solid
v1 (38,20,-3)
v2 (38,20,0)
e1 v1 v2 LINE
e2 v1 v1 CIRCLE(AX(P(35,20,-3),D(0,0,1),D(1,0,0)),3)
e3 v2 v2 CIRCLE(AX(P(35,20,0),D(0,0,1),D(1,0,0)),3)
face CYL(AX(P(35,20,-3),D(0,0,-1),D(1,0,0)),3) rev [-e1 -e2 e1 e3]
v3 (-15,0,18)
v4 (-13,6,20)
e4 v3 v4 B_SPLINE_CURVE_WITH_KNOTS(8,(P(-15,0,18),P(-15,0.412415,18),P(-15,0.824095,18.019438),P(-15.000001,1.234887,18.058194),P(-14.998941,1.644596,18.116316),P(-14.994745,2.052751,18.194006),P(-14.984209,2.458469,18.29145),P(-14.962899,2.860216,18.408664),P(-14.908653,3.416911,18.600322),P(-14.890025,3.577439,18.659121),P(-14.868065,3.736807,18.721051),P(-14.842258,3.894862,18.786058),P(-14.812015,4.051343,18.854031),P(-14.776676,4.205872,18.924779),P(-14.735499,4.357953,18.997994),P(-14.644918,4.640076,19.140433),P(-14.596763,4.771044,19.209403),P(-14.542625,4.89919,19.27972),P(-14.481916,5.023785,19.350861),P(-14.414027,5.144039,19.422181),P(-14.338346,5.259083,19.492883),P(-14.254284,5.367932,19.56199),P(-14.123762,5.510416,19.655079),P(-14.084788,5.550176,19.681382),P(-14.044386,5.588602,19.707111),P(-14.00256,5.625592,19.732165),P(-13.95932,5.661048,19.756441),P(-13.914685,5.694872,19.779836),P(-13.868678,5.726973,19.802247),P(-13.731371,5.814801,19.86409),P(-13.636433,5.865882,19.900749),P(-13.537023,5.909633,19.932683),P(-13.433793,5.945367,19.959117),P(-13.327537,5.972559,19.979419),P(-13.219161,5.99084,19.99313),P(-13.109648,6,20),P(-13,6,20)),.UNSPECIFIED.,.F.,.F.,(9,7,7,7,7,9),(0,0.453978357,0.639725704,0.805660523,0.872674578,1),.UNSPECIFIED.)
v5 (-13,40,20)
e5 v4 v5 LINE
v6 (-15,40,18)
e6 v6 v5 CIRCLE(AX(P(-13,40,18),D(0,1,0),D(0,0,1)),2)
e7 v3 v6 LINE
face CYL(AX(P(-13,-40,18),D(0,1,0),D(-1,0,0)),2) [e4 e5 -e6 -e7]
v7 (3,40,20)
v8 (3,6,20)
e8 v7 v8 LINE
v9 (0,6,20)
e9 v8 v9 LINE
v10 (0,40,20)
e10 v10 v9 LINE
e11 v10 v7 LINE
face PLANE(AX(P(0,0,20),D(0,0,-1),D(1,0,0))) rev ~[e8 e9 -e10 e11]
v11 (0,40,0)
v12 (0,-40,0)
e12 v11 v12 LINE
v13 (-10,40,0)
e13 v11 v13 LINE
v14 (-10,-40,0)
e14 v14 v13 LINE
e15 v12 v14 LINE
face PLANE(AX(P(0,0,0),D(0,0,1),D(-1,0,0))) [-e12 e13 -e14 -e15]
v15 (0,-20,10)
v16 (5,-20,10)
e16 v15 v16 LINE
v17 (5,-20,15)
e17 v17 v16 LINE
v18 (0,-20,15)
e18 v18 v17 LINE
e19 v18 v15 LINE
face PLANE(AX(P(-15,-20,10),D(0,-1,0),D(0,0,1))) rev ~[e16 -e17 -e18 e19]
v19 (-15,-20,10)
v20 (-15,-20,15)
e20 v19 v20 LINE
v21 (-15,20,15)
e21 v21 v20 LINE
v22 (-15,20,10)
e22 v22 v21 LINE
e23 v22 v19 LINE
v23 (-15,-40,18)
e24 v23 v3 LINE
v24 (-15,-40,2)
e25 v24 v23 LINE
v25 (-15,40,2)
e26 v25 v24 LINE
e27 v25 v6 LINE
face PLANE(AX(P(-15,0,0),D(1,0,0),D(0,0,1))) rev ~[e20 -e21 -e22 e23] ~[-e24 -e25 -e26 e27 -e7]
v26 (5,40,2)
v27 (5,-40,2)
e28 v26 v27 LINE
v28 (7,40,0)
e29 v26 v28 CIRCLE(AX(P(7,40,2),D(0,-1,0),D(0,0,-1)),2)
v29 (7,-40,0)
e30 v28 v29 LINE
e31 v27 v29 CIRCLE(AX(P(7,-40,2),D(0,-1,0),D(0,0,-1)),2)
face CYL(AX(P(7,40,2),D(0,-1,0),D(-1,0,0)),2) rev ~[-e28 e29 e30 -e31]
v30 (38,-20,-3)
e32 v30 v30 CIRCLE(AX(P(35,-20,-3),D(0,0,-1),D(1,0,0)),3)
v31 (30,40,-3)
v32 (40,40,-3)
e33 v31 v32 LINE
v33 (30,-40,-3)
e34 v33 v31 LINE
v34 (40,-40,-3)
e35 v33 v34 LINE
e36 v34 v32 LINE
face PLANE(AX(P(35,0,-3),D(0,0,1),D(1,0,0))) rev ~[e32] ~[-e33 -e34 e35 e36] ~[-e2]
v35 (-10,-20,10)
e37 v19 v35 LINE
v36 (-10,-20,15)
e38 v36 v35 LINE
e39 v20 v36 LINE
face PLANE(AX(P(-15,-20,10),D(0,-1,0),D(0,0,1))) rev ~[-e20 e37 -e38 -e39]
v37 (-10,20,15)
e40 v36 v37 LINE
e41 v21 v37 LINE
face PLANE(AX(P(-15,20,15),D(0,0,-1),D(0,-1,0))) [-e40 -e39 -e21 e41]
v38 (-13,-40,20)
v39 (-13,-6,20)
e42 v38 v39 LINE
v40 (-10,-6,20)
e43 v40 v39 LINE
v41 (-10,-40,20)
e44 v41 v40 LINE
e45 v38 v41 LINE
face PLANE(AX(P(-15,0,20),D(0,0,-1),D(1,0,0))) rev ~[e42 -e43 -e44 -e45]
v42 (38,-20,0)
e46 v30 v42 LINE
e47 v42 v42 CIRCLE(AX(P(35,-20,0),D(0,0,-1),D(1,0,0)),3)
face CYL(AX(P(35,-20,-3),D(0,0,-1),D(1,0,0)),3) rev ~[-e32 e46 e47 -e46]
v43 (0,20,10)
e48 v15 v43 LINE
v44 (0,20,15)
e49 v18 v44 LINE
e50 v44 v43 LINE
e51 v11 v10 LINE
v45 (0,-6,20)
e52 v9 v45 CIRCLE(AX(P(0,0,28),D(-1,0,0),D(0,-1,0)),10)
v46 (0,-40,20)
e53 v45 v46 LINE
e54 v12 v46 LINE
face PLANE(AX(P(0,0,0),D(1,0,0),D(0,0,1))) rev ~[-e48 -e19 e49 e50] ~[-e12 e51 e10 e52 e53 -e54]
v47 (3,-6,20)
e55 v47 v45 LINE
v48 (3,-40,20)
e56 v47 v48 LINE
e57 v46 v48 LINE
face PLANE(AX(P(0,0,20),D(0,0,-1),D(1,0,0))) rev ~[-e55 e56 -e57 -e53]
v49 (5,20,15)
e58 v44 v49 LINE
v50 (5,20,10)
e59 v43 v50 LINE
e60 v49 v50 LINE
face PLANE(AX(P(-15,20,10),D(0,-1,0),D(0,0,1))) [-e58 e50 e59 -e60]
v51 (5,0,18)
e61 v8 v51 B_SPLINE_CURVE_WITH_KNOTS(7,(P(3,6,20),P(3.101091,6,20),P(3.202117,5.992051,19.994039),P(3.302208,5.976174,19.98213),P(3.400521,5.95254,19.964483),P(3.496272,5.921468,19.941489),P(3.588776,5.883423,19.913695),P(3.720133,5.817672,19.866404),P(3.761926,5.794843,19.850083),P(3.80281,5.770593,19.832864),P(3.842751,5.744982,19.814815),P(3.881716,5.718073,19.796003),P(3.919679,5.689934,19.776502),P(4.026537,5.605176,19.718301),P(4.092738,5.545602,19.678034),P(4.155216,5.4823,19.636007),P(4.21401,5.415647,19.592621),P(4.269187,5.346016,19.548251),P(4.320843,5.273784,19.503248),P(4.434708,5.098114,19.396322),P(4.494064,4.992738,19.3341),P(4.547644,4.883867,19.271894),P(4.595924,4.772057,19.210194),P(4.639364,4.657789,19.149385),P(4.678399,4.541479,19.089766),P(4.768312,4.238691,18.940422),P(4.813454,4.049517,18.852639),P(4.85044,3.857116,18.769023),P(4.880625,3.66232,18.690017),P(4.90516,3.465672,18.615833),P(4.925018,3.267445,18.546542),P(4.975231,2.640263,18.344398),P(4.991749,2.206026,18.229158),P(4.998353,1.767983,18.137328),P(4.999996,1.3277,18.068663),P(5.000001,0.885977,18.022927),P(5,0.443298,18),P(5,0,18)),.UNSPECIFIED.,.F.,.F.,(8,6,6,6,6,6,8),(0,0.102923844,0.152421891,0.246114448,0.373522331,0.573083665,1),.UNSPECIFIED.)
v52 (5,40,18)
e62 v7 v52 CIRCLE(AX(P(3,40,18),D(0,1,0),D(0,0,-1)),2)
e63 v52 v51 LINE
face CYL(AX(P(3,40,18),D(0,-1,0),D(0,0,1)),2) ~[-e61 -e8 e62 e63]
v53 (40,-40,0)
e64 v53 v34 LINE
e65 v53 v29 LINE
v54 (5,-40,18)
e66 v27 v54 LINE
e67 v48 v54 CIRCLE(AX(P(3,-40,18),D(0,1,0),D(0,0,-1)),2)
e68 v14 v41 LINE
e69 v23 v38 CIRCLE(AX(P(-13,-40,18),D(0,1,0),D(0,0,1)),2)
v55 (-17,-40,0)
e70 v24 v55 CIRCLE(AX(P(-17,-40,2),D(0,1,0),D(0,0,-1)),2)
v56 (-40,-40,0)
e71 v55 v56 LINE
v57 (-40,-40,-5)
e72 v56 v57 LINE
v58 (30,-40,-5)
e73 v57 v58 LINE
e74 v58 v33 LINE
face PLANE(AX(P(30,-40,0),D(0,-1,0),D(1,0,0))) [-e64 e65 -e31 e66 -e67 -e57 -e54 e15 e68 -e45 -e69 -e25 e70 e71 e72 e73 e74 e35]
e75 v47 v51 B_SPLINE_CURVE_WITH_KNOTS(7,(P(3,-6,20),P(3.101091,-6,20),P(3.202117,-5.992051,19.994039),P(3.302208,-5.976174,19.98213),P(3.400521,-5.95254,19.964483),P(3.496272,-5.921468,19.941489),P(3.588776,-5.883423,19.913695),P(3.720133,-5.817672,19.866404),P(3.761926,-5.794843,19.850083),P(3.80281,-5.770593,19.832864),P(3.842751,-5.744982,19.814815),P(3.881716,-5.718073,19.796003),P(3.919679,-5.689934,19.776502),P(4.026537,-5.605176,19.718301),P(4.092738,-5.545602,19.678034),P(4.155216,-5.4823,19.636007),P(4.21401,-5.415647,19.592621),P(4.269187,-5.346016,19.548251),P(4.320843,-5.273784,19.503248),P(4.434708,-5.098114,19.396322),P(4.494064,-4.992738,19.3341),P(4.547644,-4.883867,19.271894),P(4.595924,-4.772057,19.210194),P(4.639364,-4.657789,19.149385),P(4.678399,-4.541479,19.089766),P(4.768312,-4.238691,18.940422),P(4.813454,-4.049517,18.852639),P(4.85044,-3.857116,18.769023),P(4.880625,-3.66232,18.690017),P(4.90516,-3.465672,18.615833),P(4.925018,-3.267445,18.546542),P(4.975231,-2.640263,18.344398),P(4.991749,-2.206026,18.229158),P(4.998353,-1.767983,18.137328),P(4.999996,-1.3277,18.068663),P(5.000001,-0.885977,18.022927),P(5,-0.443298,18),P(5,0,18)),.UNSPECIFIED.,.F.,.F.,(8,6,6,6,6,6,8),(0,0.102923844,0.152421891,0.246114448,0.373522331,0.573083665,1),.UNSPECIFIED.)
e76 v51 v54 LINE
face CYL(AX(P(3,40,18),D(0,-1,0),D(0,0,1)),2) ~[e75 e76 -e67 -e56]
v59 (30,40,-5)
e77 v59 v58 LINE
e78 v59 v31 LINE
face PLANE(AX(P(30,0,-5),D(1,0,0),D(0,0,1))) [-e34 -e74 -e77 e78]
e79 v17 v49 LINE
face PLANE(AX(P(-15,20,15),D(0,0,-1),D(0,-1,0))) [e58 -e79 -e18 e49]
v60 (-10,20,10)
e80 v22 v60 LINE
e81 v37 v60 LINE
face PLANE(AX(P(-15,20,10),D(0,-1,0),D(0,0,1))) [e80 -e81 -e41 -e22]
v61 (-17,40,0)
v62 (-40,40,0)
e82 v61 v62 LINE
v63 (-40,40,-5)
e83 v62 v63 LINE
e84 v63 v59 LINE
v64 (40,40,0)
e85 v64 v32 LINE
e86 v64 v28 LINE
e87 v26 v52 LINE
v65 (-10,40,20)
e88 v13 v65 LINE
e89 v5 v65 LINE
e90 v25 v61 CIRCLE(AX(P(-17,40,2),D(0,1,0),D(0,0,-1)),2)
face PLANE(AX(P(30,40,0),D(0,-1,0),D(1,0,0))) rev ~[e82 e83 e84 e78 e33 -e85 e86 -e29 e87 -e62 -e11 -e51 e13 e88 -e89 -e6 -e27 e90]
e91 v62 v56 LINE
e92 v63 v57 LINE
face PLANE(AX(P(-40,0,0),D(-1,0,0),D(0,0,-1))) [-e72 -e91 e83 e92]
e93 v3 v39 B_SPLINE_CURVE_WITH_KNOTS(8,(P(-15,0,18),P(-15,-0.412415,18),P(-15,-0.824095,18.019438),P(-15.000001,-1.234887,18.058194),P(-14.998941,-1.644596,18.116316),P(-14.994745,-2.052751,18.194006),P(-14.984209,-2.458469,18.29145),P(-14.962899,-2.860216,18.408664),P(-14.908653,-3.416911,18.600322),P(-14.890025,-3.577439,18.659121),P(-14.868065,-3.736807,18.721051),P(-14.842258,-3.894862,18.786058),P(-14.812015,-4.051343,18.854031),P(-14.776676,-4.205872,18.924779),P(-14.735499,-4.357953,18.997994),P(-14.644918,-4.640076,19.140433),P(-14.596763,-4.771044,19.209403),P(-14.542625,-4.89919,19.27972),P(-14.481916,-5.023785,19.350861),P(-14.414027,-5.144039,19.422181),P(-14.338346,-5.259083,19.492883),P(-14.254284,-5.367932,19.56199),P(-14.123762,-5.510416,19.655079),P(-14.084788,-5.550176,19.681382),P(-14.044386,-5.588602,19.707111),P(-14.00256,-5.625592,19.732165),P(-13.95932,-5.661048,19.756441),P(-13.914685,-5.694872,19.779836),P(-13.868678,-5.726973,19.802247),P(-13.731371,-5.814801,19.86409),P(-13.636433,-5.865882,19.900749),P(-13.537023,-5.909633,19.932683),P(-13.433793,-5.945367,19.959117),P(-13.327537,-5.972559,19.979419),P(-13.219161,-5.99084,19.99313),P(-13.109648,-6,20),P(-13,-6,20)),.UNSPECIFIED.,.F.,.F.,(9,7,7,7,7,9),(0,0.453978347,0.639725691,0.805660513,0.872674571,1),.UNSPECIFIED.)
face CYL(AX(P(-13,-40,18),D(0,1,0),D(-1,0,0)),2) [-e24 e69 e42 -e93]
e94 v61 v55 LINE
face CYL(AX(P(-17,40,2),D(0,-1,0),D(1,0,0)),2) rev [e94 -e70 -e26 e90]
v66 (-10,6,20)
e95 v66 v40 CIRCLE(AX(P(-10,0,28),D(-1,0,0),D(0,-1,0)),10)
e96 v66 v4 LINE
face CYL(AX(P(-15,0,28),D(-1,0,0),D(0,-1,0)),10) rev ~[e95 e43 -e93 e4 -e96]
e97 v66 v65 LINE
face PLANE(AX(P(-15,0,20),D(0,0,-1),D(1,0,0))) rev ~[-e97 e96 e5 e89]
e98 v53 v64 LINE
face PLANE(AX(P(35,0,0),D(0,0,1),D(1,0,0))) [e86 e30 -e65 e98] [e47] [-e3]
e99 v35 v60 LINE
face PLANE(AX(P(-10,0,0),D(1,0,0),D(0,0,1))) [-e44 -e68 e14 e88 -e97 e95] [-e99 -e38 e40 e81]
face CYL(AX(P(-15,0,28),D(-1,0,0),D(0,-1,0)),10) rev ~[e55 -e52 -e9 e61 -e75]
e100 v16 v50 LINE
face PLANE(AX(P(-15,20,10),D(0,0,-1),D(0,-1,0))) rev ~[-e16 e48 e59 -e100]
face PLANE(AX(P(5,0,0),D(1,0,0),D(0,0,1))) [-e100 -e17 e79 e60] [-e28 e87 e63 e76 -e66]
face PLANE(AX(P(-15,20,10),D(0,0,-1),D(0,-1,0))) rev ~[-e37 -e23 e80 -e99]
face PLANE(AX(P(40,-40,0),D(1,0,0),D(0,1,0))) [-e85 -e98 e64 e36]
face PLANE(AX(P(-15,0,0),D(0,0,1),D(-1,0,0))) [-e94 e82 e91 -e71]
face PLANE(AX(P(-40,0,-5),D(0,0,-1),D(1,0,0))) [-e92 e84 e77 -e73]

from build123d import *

# Parameters (mm, degrees)
F0_W      = 5
F0_H      = 20
F1_DEPTH  = 40
F2_R      = 2
F3_R      = 2
F4_W      = 40
F4_H      = 5
F5_DEPTH  = 25
F6_W      = 10
F6_H      = 80
F7_DEPTH  = 3
F8_R      = 3
F9_DEPTH  = 3
F12_R     = 10
F13_DEPTH = 25


with BuildPart() as f1:
    # F0 (on Front) → F1 (new body, symmetric)
    with BuildSketch(Plane.XZ):
        with Locations((-12.5, 10)):
            Rectangle(F0_W, F0_H)
        Polygon((0, 0), (-10, 0), (-15, 0), (-40, 0), (-40, -5), (0, -5), align=None)
        with Locations((2.5, 10)):
            Rectangle(F0_W, F0_H)
        Polygon((5, 0), (0, 0), (0, -5), (30, -5), (30, 0), align=None)
    extrude(amount=F1_DEPTH, both=True)

    # F2
    f2_edges = [f1.edges().sort_by_distance(p)[0] for p in [
        (5, 0, 0),
        (-15, 0, 0),
    ]]
    fillet(f2_edges, radius=F2_R)

    # F3
    f3_edges = [f1.edges().sort_by_distance(p)[0] for p in [
        (-15, 0, 20),
        (5, 0, 20),
    ]]
    fillet(f3_edges, radius=F3_R)

    # F4 (on face) → F5 (cut)
    with BuildSketch(Plane(origin=(-15, 0, 0), x_dir=(0, -1, 0), z_dir=(-1, 0, 0))):
        with Locations((0, 12.5)):
            Rectangle(F4_W, F4_H)
    extrude(amount=-F5_DEPTH, mode=Mode.SUBTRACT)

    # F6 (on face) → F7 (join)
    with BuildSketch(Plane.XY):
        with Locations((35, 0)):
            Rectangle(F6_W, F6_H)
    extrude(amount=-F7_DEPTH)


with BuildPart() as f9:
    # F8 (on face) → F9 (new body)
    with BuildSketch(Plane(origin=(0, 0, -3), x_dir=(1, 0, 0), z_dir=(0, 0, -1))):
        with Locations((35, 20)):
            Circle(F8_R)
    extrude(amount=-F9_DEPTH)


with BuildPart() as f10_1:
    # F10: instance of F9
    add(f9.part.mirror(Plane.XZ))


with BuildPart() as f1_1:
    add(f1.part)

    # F11: cut F10_1, F9
    add(f10_1.part, mode=Mode.SUBTRACT)
    add(f9.part, mode=Mode.SUBTRACT)

    # F12 (on face) → F13 (cut)
    with BuildSketch(Plane(origin=(-15, 0, 0), x_dir=(0, -1, 0), z_dir=(-1, 0, 0))):
        with Locations((0, 28)):
            Circle(F12_R)
    extrude(amount=-F13_DEPTH, mode=Mode.SUBTRACT)


solid = f1_1.part
